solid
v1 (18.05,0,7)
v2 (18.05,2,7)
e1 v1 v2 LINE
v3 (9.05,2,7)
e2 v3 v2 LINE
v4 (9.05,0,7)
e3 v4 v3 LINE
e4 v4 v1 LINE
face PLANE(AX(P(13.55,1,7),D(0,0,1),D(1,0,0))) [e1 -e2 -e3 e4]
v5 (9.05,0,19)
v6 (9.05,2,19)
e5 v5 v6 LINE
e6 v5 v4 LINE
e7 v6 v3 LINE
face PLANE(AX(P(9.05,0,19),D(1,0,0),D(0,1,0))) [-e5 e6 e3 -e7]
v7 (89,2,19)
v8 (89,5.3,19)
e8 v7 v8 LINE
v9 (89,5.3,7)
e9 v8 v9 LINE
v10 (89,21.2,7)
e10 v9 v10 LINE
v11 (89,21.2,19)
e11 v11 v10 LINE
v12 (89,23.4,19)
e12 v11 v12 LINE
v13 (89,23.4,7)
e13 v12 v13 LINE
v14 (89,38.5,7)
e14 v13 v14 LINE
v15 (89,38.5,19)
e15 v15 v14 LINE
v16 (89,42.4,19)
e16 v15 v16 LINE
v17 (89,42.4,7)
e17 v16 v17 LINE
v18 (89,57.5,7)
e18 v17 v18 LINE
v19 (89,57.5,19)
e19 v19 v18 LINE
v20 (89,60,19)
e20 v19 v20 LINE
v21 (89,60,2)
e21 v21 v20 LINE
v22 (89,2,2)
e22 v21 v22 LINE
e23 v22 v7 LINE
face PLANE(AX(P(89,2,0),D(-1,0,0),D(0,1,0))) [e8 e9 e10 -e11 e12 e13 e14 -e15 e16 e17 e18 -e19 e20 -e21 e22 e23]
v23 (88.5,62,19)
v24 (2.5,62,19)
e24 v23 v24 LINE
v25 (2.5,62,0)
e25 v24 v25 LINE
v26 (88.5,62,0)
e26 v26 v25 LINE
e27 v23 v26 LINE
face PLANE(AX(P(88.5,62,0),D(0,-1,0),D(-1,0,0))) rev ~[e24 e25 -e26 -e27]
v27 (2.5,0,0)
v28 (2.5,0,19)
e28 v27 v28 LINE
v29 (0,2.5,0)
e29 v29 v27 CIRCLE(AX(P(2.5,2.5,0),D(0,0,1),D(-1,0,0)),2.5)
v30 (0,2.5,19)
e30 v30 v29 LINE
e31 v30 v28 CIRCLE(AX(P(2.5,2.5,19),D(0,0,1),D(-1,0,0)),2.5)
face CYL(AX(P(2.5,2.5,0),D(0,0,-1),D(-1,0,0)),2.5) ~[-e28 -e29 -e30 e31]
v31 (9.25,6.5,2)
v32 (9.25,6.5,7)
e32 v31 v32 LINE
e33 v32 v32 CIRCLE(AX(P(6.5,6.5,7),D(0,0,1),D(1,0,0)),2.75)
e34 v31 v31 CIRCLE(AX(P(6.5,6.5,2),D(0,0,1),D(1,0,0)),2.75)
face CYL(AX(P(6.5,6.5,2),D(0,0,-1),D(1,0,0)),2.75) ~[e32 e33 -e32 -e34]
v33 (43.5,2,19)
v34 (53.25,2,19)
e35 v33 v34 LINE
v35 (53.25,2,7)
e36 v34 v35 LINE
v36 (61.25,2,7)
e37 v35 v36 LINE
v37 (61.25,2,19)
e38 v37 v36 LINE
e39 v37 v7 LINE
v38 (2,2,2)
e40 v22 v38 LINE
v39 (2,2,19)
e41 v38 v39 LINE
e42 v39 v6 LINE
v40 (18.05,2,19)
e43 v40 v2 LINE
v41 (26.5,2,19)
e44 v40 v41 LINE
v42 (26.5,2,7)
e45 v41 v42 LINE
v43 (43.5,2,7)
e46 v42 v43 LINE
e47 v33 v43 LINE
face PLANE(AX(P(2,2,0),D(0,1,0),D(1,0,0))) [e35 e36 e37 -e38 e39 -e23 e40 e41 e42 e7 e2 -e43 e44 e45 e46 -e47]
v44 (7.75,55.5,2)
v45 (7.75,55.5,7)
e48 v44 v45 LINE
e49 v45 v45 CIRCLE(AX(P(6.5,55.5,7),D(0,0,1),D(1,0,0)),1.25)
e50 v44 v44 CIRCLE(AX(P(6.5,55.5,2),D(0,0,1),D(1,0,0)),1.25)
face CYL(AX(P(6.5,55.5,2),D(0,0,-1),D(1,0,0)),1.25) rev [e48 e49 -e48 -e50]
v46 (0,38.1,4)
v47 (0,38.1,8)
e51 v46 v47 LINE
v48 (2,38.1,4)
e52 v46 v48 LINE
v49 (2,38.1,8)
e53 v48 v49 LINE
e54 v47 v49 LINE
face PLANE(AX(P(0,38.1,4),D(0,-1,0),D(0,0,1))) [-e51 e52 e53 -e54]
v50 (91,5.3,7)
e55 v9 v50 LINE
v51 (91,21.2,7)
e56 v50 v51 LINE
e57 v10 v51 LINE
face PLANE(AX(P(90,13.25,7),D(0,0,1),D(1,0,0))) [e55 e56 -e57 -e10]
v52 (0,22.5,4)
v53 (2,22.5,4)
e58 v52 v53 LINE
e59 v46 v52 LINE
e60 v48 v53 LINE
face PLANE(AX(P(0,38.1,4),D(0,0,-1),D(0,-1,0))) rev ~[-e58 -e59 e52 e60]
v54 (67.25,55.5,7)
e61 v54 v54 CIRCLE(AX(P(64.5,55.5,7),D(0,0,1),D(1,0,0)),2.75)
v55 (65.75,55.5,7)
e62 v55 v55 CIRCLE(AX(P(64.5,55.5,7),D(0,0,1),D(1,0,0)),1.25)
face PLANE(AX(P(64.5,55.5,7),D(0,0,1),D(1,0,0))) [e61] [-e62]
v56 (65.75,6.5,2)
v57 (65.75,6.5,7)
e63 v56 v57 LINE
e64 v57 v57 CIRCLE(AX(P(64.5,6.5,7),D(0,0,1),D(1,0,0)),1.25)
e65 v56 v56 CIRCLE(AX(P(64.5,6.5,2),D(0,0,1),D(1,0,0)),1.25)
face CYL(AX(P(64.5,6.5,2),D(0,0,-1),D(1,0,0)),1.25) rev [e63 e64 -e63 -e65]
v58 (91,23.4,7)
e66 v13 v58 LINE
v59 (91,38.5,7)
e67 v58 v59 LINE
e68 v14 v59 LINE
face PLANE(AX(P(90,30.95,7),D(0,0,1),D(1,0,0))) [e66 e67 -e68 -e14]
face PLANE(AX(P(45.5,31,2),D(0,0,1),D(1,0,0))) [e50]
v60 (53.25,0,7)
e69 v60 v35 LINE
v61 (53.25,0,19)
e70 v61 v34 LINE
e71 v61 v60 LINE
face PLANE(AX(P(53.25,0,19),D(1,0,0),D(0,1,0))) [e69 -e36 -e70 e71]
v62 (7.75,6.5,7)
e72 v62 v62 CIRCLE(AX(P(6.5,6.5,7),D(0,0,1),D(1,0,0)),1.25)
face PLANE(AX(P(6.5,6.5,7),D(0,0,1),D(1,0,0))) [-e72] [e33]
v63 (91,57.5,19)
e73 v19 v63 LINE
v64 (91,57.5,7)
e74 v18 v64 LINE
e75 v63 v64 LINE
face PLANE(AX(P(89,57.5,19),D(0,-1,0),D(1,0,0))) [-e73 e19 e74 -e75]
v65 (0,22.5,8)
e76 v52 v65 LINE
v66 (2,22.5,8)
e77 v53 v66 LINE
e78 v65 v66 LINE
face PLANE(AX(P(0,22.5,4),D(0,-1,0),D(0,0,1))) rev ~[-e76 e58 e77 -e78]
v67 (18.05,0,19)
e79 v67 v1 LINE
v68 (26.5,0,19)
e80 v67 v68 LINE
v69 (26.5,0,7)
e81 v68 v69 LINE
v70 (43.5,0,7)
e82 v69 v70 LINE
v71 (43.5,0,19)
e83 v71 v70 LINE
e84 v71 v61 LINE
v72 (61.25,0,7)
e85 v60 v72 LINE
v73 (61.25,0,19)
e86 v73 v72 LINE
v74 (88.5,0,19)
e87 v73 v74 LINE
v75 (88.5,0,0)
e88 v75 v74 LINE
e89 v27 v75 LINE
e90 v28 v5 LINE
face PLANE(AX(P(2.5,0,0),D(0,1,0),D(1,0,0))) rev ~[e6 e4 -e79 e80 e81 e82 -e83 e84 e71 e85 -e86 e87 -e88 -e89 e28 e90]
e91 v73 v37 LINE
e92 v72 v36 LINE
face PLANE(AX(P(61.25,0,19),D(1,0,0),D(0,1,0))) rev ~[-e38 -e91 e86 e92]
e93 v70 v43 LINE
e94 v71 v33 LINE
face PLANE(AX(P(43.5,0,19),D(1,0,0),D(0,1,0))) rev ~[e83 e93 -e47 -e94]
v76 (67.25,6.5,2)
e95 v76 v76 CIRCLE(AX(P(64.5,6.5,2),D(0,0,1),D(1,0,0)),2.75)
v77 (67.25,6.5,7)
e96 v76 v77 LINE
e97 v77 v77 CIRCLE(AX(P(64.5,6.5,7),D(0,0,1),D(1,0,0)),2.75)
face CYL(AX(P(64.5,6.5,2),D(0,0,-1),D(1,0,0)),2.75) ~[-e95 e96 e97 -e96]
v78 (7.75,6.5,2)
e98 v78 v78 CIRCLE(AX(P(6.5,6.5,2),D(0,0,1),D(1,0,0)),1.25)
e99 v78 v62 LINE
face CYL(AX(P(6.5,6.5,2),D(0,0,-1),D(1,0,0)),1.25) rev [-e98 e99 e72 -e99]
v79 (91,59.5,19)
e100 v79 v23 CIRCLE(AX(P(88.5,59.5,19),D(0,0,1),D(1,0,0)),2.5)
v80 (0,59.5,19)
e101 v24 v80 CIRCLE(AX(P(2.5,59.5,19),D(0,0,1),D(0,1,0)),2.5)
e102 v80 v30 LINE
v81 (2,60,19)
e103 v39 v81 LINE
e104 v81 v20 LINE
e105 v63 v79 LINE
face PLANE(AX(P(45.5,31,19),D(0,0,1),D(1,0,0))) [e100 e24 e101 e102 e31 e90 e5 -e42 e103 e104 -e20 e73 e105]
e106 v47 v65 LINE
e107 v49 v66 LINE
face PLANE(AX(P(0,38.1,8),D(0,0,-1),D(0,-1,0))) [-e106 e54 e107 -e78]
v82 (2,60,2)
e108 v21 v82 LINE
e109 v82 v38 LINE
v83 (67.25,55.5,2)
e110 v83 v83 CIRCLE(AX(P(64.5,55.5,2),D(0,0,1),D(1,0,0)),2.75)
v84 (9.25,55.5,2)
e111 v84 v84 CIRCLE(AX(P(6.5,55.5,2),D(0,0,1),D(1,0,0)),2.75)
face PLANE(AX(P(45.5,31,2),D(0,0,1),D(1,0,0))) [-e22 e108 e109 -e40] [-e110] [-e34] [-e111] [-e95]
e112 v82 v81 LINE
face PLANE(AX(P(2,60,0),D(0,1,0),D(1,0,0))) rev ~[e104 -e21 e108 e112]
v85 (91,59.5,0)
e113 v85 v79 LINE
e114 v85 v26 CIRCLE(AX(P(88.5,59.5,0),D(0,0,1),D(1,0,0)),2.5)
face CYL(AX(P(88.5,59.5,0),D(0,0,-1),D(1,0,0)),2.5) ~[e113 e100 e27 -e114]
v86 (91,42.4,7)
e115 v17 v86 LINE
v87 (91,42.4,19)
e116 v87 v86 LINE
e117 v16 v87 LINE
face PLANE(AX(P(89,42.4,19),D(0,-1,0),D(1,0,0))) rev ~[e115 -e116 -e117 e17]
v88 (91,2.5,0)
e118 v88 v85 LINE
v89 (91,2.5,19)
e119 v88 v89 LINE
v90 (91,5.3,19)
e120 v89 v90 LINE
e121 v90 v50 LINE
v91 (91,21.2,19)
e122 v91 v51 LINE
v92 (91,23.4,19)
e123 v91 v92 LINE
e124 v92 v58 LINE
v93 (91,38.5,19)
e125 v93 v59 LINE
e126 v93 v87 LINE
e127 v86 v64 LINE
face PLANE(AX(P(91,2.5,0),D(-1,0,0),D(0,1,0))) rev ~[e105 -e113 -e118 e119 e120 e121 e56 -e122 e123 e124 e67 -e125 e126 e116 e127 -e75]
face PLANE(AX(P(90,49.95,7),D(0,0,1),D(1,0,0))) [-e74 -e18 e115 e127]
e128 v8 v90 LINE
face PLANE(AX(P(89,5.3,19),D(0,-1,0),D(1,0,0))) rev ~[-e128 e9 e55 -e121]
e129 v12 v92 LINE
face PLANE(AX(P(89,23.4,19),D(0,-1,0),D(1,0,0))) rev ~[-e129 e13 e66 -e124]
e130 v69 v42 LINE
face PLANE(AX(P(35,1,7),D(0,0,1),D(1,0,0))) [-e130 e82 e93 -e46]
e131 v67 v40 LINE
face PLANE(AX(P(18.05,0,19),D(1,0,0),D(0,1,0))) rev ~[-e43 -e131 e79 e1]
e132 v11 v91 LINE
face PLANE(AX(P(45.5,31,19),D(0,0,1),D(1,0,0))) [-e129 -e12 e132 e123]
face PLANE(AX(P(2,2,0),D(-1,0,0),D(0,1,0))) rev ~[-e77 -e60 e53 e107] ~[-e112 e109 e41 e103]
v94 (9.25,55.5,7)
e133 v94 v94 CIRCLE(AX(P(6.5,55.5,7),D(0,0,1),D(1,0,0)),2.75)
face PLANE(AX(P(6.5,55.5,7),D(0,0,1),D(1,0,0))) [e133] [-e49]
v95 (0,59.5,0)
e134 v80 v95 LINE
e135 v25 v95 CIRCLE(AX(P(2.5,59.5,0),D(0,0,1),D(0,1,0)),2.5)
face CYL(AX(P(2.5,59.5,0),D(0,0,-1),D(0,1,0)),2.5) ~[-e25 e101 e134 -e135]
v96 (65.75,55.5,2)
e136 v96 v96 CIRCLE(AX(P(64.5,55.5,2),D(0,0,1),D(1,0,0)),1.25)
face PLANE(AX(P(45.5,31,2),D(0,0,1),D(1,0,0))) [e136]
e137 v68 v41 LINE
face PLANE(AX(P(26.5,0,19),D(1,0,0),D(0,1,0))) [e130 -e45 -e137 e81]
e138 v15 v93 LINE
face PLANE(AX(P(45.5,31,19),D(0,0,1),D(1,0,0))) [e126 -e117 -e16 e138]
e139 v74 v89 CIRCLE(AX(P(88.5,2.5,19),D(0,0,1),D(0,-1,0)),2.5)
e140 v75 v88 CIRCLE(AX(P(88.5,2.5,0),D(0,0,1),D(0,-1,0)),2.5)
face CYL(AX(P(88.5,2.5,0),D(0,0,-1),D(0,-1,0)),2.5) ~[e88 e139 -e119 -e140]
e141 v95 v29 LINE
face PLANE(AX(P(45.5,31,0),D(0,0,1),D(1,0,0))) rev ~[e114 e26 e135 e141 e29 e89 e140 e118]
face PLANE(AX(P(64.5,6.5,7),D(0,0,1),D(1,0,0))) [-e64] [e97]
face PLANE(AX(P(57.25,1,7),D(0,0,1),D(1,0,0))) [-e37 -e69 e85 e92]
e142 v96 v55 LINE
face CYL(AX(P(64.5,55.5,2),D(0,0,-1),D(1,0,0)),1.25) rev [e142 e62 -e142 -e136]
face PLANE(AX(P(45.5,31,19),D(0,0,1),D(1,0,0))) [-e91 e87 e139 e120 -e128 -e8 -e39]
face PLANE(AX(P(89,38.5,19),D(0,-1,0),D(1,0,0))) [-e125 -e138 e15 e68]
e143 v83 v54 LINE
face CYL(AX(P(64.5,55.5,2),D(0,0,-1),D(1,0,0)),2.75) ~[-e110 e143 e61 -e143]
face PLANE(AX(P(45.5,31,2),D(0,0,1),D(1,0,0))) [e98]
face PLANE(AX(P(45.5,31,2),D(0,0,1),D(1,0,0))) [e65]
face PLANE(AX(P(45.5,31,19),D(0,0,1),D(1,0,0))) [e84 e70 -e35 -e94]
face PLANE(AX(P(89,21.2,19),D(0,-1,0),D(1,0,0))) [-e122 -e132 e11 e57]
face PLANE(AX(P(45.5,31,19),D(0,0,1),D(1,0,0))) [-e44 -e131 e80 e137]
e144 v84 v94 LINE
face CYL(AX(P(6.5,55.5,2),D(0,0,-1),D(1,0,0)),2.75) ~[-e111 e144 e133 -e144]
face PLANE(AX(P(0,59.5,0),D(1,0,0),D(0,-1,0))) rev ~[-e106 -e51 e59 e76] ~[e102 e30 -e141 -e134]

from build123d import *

# Parameters (mm, degrees)
F0_W     = 87
F0_H     = 58
F1_DEPTH = 2
F2_DEPTH = 19
F3_R     = 2.75
F3_R_2   = 1.25
F4_DEPTH = 5
F5_W     = 9
F5_H     = 2
F5_W_2   = 8
F5_W_3   = 17
F5_W_4   = 2
F5_H_2   = 15.9
F5_H_3   = 15.1
F6_DEPTH = 12
F7_W     = 15.6
F7_H     = 4
F8_DEPTH = 2


with BuildPart() as f1:
    # F0 (on Top) → F1 (new body)
    with BuildSketch(Plane.XY):
        with BuildLine():
            ThreePointArc((0, 2.5), (0.732233047, 0.732233047), (2.5, 0))
            Line((2.5, 0), (88.5, 0))
            ThreePointArc((88.5, 0), (90.267766953, 0.732233047), (91, 2.5))
            Line((91, 2.5), (91, 59.5))
            ThreePointArc((91, 59.5), (90.267766953, 61.267766953), (88.5, 62))
            Line((88.5, 62), (2.5, 62))
            ThreePointArc((2.5, 62), (0.732233047, 61.267766953), (0, 59.5))
            Line((0, 59.5), (0, 2.5))
        make_face()
        with Locations((45.5, 31)):
            Rectangle(F0_W, F0_H, mode=Mode.SUBTRACT)
        with Locations((45.5, 31)):
            Rectangle(F0_W, F0_H)
    extrude(amount=F1_DEPTH)

    # F0 (on Top) → F2 (join)
    with BuildSketch(Plane.XY):
        with BuildLine():
            ThreePointArc((0, 2.5), (0.732233047, 0.732233047), (2.5, 0))
            Line((2.5, 0), (88.5, 0))
            ThreePointArc((88.5, 0), (90.267766953, 0.732233047), (91, 2.5))
            Line((91, 2.5), (91, 59.5))
            ThreePointArc((91, 59.5), (90.267766953, 61.267766953), (88.5, 62))
            Line((88.5, 62), (2.5, 62))
            ThreePointArc((2.5, 62), (0.732233047, 61.267766953), (0, 59.5))
            Line((0, 59.5), (0, 2.5))
        make_face()
        with Locations((45.5, 31)):
            Rectangle(F0_W, F0_H, mode=Mode.SUBTRACT)
    extrude(amount=F2_DEPTH)

    # F3 (on face) → F4 (join)
    with BuildSketch(Plane.XY.offset(2)):
        with Locations((6.5, 55.5)):
            Circle(F3_R)
        with Locations((6.5, 55.5)):
            Circle(F3_R_2, mode=Mode.SUBTRACT)
        with Locations((64.5, 55.5)):
            Circle(F3_R)
        with Locations((64.5, 55.5)):
            Circle(F3_R_2, mode=Mode.SUBTRACT)
        with Locations((6.5, 6.5)):
            Circle(F3_R)
        with Locations((6.5, 6.5)):
            Circle(F3_R_2, mode=Mode.SUBTRACT)
        with Locations((64.5, 6.5)):
            Circle(F3_R)
        with Locations((64.5, 6.5)):
            Circle(F3_R_2, mode=Mode.SUBTRACT)
    extrude(amount=F4_DEPTH)

    # F5 (on face) → F6 (cut)
    with BuildSketch(Plane.XY.offset(19)):
        with Locations((13.55, 1)):
            Rectangle(F5_W, F5_H)
        with Locations((57.25, 1)):
            Rectangle(F5_W_2, F5_H)
        with Locations((35, 1)):
            Rectangle(F5_W_3, F5_H)
        with Locations((90, 13.25)):
            Rectangle(F5_W_4, F5_H_2)
        with Locations((90, 30.95)):
            Rectangle(F5_W_4, F5_H_3)
        with Locations((90, 49.95)):
            Rectangle(F5_W_4, F5_H_3)
    extrude(amount=-F6_DEPTH, mode=Mode.SUBTRACT)

    # F7 (on face) → F8 (cut, through all)
    with BuildSketch(Plane(origin=(0, 0, 0), x_dir=(0, -1, 0), z_dir=(-1, 0, 0))):
        with Locations((-30.3, 6)):
            Rectangle(F7_W, F7_H)
    extrude(amount=-F8_DEPTH, mode=Mode.SUBTRACT)


solid = f1.part
